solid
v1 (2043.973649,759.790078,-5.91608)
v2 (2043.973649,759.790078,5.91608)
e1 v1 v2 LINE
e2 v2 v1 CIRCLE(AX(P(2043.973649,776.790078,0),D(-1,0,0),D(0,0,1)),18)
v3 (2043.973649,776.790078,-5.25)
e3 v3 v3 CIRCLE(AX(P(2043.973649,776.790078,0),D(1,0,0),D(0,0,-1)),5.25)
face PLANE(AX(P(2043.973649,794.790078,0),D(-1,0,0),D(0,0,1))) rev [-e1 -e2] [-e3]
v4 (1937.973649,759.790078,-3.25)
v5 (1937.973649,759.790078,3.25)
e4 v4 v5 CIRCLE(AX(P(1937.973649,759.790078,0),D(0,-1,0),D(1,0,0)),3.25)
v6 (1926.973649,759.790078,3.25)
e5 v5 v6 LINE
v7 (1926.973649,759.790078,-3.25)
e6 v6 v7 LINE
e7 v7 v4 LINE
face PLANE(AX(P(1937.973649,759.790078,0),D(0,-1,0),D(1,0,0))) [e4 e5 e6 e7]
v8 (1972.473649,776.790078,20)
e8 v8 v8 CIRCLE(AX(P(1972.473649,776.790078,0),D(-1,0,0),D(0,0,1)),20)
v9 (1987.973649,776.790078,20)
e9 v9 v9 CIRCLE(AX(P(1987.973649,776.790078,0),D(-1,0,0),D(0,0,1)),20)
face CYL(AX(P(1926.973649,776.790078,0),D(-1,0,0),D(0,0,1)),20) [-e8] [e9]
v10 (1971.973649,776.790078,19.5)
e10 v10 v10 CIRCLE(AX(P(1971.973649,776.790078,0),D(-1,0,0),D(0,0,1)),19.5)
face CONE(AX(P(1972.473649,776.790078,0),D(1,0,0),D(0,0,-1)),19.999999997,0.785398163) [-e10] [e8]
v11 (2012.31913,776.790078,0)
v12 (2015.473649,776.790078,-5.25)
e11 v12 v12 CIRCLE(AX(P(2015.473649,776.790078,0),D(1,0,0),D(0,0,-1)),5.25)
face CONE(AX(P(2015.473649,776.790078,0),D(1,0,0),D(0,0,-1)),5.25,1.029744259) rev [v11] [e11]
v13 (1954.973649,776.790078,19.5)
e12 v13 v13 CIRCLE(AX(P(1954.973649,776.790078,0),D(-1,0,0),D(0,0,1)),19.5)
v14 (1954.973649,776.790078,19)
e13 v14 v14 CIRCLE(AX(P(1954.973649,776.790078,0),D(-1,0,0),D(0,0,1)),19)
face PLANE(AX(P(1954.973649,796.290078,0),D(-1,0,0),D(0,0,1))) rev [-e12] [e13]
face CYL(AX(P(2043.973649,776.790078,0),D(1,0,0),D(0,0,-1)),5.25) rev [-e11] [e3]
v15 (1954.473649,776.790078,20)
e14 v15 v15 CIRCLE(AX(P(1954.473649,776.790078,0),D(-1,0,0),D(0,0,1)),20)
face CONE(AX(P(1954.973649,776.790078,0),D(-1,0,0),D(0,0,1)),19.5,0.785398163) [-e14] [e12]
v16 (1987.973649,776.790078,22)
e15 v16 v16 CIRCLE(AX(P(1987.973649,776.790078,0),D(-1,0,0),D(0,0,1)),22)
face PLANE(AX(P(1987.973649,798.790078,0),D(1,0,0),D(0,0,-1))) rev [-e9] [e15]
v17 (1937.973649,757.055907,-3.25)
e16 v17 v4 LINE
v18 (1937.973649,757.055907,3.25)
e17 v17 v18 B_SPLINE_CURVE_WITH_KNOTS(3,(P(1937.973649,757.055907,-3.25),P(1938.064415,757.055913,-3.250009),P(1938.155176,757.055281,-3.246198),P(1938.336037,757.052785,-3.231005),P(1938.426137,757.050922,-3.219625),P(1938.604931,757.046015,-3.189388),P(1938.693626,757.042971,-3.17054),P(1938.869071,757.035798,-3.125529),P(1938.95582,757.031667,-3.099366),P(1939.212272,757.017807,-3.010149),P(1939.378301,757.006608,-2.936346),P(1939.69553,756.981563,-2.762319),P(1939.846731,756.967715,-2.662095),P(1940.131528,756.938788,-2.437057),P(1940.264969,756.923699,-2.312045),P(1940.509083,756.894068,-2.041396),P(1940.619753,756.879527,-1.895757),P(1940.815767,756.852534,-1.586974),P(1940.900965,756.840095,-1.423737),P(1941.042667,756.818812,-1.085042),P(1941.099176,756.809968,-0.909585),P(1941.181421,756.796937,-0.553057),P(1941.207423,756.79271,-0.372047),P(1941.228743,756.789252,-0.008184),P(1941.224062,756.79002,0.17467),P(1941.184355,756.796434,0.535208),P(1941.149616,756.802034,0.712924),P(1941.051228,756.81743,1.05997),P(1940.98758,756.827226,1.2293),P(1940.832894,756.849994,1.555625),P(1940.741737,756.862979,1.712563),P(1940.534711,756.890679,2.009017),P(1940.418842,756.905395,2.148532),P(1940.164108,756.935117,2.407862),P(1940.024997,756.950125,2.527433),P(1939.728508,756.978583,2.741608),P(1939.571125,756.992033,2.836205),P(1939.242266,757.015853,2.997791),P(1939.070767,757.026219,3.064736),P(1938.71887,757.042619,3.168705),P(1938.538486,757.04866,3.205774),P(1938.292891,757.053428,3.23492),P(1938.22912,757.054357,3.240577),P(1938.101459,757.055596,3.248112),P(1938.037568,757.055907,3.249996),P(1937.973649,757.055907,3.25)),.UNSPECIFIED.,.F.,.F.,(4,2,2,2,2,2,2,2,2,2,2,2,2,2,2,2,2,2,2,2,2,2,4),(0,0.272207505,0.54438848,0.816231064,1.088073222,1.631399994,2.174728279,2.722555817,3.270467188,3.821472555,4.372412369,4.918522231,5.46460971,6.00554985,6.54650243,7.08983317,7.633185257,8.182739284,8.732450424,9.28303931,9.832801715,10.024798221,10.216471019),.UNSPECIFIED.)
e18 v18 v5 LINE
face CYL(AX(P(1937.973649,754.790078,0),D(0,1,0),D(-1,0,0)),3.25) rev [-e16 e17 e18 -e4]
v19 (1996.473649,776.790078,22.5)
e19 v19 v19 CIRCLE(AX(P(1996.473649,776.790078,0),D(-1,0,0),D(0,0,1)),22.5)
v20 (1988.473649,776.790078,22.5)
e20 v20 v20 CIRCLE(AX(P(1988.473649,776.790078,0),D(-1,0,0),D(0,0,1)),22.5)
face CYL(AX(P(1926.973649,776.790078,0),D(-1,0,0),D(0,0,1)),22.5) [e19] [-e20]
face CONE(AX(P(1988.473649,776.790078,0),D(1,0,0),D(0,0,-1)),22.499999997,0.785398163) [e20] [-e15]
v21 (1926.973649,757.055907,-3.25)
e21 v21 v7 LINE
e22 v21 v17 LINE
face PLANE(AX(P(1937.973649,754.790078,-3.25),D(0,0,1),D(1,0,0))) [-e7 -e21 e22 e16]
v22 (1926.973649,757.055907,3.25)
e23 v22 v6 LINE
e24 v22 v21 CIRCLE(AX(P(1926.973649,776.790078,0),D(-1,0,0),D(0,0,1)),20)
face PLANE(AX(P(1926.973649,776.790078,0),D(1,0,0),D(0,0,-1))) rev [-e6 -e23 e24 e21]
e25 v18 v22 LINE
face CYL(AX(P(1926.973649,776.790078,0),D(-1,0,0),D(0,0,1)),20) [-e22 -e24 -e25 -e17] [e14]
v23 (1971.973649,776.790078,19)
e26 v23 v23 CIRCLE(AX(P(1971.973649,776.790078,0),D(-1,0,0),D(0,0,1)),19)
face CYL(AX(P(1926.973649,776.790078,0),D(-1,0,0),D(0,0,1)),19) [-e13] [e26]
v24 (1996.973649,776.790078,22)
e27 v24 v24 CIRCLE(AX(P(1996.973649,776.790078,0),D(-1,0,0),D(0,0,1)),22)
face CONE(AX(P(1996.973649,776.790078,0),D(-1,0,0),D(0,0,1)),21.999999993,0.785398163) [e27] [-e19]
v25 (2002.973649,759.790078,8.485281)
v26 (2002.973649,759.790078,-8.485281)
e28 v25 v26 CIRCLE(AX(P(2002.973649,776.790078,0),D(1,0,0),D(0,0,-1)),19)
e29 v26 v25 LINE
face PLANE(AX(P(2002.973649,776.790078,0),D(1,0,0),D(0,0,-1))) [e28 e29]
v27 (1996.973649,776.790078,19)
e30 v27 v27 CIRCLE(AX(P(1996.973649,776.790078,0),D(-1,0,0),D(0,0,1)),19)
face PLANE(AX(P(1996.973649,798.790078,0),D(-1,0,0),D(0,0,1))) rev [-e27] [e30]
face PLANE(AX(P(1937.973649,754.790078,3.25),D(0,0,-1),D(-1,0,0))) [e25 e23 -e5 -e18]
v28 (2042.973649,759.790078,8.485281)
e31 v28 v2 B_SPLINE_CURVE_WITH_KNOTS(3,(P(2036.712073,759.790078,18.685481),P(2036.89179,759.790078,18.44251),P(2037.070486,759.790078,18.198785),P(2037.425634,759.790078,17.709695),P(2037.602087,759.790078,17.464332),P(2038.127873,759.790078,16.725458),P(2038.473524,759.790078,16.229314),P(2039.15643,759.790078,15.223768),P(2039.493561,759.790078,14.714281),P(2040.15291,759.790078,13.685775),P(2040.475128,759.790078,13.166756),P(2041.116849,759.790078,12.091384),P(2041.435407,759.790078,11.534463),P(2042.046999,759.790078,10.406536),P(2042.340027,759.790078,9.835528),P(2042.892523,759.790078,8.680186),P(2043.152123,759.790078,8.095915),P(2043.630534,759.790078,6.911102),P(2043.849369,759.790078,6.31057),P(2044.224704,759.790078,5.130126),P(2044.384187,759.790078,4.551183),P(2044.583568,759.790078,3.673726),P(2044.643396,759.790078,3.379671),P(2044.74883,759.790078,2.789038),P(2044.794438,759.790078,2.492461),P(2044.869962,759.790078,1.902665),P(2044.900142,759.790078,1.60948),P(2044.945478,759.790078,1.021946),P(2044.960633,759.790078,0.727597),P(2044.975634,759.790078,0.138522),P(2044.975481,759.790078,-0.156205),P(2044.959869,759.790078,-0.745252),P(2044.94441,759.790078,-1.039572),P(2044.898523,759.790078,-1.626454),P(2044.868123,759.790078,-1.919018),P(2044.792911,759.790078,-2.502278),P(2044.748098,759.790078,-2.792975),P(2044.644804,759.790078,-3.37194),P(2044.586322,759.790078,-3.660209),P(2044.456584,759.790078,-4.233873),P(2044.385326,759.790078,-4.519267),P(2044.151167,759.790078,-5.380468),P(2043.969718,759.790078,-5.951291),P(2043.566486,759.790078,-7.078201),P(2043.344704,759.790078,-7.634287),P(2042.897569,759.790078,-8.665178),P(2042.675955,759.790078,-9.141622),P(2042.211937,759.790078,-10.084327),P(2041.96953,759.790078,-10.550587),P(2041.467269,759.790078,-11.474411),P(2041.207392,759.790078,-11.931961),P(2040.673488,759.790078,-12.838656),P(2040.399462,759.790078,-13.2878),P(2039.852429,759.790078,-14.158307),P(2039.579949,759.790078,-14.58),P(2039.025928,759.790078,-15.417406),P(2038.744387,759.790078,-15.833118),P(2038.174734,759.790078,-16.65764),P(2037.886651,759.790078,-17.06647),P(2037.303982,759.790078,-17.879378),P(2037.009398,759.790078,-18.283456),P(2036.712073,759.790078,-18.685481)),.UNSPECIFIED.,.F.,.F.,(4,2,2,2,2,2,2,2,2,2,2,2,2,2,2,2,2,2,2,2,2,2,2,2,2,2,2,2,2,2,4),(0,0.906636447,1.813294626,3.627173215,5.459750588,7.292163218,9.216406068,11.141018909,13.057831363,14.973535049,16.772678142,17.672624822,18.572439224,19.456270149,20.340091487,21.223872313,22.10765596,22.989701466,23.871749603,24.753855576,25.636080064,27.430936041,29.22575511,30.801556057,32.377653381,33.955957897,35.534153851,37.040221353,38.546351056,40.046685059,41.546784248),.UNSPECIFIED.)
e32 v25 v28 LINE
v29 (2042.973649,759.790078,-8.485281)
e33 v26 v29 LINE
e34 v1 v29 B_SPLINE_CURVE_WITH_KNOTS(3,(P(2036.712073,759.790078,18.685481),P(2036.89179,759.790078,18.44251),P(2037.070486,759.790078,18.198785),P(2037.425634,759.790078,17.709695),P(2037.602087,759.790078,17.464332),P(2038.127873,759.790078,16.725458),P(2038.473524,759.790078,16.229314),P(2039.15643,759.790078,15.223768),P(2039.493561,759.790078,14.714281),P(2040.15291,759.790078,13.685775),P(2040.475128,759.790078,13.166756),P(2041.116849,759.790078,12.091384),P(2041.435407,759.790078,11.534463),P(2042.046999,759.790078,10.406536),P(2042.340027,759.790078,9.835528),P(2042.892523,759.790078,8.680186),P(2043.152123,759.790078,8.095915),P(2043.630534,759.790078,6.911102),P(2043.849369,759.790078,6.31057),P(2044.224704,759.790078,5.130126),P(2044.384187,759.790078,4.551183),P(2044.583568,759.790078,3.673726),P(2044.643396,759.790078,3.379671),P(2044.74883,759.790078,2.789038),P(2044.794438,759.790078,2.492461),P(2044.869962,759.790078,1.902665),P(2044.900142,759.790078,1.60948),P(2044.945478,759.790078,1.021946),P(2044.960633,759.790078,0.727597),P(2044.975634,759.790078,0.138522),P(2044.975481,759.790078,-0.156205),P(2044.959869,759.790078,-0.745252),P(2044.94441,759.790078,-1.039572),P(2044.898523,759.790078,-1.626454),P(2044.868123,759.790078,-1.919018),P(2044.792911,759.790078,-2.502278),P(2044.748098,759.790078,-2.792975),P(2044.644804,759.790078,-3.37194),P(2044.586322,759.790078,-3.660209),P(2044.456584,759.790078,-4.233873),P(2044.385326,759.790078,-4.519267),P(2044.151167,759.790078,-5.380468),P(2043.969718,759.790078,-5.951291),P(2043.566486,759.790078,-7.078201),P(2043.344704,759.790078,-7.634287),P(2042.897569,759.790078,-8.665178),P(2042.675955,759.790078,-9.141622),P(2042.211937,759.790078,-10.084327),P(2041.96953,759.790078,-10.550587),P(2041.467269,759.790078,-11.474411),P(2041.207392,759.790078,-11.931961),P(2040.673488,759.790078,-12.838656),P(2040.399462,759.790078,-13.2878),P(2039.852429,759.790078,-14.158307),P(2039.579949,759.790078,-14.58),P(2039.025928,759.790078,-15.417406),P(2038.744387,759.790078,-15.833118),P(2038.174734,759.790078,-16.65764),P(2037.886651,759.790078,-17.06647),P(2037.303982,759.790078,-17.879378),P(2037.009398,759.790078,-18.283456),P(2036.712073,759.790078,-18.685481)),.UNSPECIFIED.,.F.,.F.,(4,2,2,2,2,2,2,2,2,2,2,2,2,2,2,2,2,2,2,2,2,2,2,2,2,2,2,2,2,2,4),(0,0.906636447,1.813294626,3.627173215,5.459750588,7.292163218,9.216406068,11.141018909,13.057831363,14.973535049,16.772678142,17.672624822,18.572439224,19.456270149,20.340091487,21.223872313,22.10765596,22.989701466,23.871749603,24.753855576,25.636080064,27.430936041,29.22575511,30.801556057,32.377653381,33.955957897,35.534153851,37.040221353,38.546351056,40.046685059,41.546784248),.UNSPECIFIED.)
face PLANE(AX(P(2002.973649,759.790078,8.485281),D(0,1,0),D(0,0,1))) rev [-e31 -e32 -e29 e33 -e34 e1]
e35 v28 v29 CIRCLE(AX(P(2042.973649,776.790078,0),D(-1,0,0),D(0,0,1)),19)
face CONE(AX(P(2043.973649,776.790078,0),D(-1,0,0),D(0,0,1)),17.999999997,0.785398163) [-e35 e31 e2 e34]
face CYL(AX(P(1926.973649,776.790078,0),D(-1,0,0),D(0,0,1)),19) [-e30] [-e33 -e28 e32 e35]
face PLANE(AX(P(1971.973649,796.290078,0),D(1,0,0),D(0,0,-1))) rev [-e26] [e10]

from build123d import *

# Parameters (mm, degrees)
CUT_EXTRUDE_1_DEPTH = 41
M12X1_5_1_D         = 10.5
M12X1_5_1_DEPTH     = 28.5
M12X1_5_1_TIP       = 3.15451825
CUT_EXTRUDE_2_DEPTH = 5


with BuildPart() as part:
    # 草图1 → 旋转1 (revolve)
    with BuildSketch(Plane.XY, mode=Mode.PRIVATE) as revolve_1_sk:
        Polygon((2043.973648654, 794.790077636), (2043.973648654, 776.790077638), (1926.973648645, 776.790077638), (1926.973648645, 796.790077638), (1954.473648645, 796.790077638), (1954.973648645, 796.290077638), (1954.973648645, 795.790077638), (1971.973648645, 795.790077638), (1971.973648645, 796.290077636), (1972.473648645, 796.790077636), (1987.973648648, 796.790077636), (1987.973648648, 798.790077633), (1988.47364865, 799.290077636), (1996.47364865, 799.290077636), (1996.973648654, 798.790077632), (1996.973648654, 795.790077636), (2042.973648654, 795.790077636), align=None)
    revolve(revolve_1_sk.sketch.rotate(Axis((1926.973648645, 776.790077638, 0), (1, 0, 0)), 90), axis=Axis((1926.973648645, 776.790077638, 0), (1, 0, 0)))

    # 草图5 → 切除-拉伸1 (cut)
    with BuildSketch(Plane(origin=(2043.973648654, 0, 0), x_dir=(0, 0, -1), z_dir=(1, 0, 0))):
        with BuildLine():
            Line((-8.485281368, 759.790077638), (8.485281368, 759.790077638))
            ThreePointArc((8.485281368, 759.790077638), (0, 757.790077641), (-8.485281368, 759.790077638))
        make_face()
    extrude(amount=-CUT_EXTRUDE_1_DEPTH, mode=Mode.SUBTRACT)

    # M12x1.5 螺纹孔1
    with Locations(Plane(origin=(2043.973648654, 16.946016644, 3.006019144), x_dir=(0, 0, -1), z_dir=(1, 0, 0))):
        with Locations((3.006019144, 759.844060994)):
            Hole(M12X1_5_1_D / 2, depth=M12X1_5_1_DEPTH)
            with Locations((0, 0, -(M12X1_5_1_DEPTH + M12X1_5_1_TIP / 2))):  # 118° drill point
                Cone(0, M12X1_5_1_D / 2, M12X1_5_1_TIP, mode=Mode.SUBTRACT)

    # 草图8 → 切除-拉伸2 (cut)
    with BuildSketch(Plane.XZ.offset(-759.790077638)):
        with BuildLine():
            Line((1937.973648645, 3.25), (1926.973648645, 3.25))
            Line((1926.973648645, 3.25), (1926.973648645, -3.25))
            Line((1926.973648645, -3.25), (1937.973648645, -3.25))
            ThreePointArc((1937.973648645, -3.25), (1941.223648645, 0), (1937.973648645, 3.25))
        make_face()
    extrude(amount=CUT_EXTRUDE_2_DEPTH, mode=Mode.SUBTRACT)


solid = part.part
